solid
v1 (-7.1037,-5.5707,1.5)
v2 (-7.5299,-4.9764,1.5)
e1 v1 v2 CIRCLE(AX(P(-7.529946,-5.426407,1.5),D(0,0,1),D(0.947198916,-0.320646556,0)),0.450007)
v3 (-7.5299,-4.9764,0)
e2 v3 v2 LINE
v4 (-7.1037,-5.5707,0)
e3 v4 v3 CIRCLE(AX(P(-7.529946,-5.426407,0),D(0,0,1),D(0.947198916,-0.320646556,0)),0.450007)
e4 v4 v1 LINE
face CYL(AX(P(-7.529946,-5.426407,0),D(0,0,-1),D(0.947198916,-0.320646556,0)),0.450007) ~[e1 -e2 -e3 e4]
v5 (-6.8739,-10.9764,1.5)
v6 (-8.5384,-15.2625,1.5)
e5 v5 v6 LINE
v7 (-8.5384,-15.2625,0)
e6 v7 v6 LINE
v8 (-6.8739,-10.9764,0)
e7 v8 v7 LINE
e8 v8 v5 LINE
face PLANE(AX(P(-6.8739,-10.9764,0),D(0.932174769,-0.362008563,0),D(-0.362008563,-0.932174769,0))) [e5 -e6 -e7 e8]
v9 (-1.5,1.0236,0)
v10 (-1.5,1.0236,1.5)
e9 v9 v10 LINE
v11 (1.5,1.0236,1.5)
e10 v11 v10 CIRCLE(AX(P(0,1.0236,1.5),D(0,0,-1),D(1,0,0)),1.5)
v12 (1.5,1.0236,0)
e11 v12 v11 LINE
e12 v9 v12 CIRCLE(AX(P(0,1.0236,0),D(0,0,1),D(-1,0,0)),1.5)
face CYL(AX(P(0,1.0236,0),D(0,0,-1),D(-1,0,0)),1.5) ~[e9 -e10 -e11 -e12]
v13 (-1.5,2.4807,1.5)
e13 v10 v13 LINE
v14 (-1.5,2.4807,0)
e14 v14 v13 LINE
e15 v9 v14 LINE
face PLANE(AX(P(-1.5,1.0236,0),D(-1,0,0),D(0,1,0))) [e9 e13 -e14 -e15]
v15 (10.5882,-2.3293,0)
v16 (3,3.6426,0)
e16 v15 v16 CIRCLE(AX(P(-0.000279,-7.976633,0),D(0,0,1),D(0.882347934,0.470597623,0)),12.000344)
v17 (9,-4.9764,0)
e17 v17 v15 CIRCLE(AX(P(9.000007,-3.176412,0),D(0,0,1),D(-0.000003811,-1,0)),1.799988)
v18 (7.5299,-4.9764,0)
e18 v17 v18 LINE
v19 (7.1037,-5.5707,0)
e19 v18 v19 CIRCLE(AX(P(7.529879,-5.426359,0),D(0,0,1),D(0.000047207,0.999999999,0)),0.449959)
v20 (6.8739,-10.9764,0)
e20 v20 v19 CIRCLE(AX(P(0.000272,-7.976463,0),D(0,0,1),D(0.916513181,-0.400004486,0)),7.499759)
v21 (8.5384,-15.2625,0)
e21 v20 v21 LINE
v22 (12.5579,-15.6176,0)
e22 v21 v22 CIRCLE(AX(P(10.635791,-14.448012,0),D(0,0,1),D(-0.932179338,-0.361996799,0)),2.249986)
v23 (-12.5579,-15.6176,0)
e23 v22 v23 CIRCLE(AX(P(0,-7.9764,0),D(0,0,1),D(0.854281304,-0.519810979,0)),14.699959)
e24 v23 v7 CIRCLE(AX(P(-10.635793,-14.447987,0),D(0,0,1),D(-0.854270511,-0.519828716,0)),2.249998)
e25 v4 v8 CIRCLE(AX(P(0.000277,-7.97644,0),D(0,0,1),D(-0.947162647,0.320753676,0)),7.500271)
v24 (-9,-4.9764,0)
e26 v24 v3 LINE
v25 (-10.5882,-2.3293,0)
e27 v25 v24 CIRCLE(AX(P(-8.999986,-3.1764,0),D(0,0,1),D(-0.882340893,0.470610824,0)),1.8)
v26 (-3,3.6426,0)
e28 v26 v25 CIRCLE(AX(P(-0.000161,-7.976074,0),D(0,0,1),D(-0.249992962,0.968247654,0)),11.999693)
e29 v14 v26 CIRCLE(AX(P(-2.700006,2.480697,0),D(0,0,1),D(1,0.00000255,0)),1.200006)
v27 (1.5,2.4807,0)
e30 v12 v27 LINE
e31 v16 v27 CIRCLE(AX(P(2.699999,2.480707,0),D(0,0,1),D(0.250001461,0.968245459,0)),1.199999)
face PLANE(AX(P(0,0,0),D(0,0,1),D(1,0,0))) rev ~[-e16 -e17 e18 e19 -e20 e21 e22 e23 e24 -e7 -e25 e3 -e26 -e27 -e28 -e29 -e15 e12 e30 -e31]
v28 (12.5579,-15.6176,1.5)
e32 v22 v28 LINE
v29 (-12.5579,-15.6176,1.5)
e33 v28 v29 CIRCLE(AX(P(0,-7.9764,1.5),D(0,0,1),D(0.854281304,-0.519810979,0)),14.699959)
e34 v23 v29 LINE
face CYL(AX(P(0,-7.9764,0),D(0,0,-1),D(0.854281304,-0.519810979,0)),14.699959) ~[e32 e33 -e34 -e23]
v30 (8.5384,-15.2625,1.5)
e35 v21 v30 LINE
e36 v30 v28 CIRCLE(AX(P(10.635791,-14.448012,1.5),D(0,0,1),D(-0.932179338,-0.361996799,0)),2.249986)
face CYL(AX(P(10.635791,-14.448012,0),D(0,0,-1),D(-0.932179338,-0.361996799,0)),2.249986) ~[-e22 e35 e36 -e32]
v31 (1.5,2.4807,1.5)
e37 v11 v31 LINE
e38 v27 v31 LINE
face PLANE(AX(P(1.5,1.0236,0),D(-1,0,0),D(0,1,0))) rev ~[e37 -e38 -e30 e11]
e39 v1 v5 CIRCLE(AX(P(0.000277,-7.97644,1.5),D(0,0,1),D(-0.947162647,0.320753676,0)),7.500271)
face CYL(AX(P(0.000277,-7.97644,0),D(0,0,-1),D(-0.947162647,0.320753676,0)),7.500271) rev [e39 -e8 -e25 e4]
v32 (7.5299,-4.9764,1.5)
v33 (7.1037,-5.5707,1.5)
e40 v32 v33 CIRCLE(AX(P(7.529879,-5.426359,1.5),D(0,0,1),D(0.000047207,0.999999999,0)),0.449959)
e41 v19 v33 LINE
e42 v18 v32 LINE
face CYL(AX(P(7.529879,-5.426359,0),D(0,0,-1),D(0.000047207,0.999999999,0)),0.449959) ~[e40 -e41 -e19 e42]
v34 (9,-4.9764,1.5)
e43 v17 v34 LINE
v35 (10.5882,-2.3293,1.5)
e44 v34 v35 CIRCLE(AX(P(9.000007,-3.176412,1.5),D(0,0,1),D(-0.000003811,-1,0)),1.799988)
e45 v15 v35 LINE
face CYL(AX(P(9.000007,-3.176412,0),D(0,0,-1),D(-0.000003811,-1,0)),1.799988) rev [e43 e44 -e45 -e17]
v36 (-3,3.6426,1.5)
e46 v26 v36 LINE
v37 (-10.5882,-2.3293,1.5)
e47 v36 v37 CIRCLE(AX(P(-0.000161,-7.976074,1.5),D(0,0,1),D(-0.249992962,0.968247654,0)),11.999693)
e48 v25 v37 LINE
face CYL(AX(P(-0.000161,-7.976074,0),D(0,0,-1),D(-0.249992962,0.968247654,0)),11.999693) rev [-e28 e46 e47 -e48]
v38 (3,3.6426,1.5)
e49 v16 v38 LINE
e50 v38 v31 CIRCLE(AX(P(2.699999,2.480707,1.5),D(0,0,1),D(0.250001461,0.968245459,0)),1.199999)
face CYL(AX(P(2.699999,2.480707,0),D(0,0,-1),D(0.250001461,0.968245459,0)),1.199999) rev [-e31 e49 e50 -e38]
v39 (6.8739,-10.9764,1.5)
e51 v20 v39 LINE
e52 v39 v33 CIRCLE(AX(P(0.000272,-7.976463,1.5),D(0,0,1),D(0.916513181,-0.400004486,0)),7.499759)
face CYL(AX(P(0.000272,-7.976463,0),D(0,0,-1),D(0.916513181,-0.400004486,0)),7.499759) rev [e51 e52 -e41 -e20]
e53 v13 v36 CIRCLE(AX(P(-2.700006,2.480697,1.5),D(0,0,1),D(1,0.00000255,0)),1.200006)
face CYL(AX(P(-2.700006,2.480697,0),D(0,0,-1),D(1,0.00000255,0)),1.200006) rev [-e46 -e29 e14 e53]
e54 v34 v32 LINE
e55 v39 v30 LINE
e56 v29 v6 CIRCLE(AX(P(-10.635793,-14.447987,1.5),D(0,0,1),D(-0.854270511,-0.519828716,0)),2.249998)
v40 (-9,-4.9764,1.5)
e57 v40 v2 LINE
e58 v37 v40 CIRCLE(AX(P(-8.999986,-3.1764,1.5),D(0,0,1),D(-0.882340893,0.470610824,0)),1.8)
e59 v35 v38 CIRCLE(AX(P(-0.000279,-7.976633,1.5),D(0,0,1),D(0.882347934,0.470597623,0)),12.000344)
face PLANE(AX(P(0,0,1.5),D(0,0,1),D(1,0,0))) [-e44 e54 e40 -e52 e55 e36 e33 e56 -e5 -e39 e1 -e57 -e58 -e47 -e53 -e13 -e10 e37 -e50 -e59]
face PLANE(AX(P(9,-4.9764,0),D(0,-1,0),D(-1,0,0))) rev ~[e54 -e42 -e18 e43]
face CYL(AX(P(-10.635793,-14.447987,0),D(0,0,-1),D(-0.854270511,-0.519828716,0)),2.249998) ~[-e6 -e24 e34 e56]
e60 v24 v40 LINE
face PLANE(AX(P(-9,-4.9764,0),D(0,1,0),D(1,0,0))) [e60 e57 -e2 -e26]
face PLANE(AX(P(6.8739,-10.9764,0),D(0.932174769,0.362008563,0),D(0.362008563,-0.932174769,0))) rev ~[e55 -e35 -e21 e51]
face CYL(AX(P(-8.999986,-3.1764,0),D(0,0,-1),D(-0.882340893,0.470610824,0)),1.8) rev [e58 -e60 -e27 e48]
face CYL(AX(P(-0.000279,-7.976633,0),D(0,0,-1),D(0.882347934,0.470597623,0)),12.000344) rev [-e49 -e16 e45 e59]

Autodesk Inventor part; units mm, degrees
ref_plane "YZ Plane" through (0, 0, 0) normal (1, 0, 0) x (0, 1, 0)
ref_plane "XZ Plane" through (0, 0, 0) normal (0, 1, 0) x (-1, 0, 0)
sketch "Sketch1" plane through (0, 0, 0) normal (0, 0, 1) x (1, 0, 0)
  circle A0 centre (0, -7.9764) radius 8 construction
  line L0 (-1.5, 0.0236) -> (0, 0.0236) construction
  line L1 (-3.206, 0) -> (3.4858, 0) projected
  line L2 (-6.8739, -10.9764) -> (6.8739, -10.9764) construction
  arc A1 (-7.1037, -5.5707) -> (-6.8739, -10.9764) centre (0, -7.9764) ccw
  line L3 (0, 1.949) -> (0, -3.4788) projected
  arc A2 (-1.5, 1.0236) -> (1.5, 1.0236) centre (0, 1.0236) ccw
  arc A3 (12.5579, -15.6176) -> (-12.5579, -15.6176) centre (0, -7.9764) ccw
  line L4 (-9, -4.9764) -> (-7.5299, -4.9764)
  line L5 (-1.5, 1.0236) -> (-1.5, 2.4807)
  arc A4 (-3, 3.6426) -> (-10.5882, -2.3293) centre (0, -7.9764) ccw
  arc A5 (-1.5, 2.4807) -> (-3, 3.6426) centre (-2.7, 2.4807) ccw
  arc A6 (-10.5882, -2.3293) -> (-9, -4.9764) centre (-9, -3.1764) ccw
  arc A7 (-7.1037, -5.5707) -> (-7.5299, -4.9764) centre (-7.5299, -5.4264) ccw
  line L6 (0, 6.7236) -> (2.5298, 6.7236) construction
  line L7 (-6.8739, -10.9764) -> (-8.5384, -15.2625)
  arc A8 (-12.5579, -15.6176) -> (-8.5384, -15.2625) centre (-10.6358, -14.448) ccw
  line L8 (0, -0.4764) -> (-1.2778, -0.4764) construction
  line L9 (6.8739, -10.9764) -> (8.5384, -15.2625)
  arc A9 (8.5384, -15.2625) -> (12.5579, -15.6176) centre (10.6358, -14.448) ccw
  arc A10 (6.8739, -10.9764) -> (7.1037, -5.5707) centre (0, -7.9764) ccw
  line L10 (9, -4.9764) -> (7.5299, -4.9764)
  line L11 (1.5, 1.0236) -> (1.5, 2.4807)
  arc A11 (10.5882, -2.3293) -> (3, 3.6426) centre (0, -7.9764) ccw
  arc A12 (3, 3.6426) -> (1.5, 2.4807) centre (2.7, 2.4807) ccw
  arc A13 (9, -4.9764) -> (10.5882, -2.3293) centre (9, -3.1764) ccw
  arc A14 (7.5299, -4.9764) -> (7.1037, -5.5707) centre (7.5299, -5.4264) ccw
  point P0 (1.5, 0.0236)
  dimension "d0" = 16
  dimension "d3" = 3
  dimension "d4" = 1.5
  dimension "d5" = 29.4
  dimension "d8" = 12
  dimension "d9" = 3
  dimension "d10" = 1.2
  dimension "d11" = 1.8
  dimension "d12" = 0.45
  dimension "d13" = 2.25
  dimension "d14" = 7.5
  dimension "d15" = 7.5
extrude "Body" add sketch "Sketch1" along normal blind 1.5
ref_plane "Work Plane1" through (0, -7.9764, 0) normal (-1, 0, 0) x (0, 0, 1)
equation "\"d0\" = WD"
equation "\"d3\" = 0.2 * ND"
equation "\"d4\" = 0.1 * ND"
equation "\"d5\" = SD2"
equation "\"d8\" = 0.8 * ND"
equation "\"d9\" = 0.2 * ND"
equation "\"d10\" = 0.08 * ND"
equation "\"d11\" = 0.12 * ND"
equation "\"d12\" = 0.03 * ND"
equation "\"d13\" = 0.15 * ND"
equation "\"d14\" = 0.5 * ND"
equation "\"d15\" = 0.5 * ND"
equation "\"d16\" = SD"
equation "\"ND\" = 15"
equation "\"SD\" = 1.5"
equation "\"WD\" = 16"
equation "\"d1\" = 1.6 * ND"
equation "\"d2\" = ND"
equation "\"SD2\" = 29.4"
equation "\"d6\" = ND"
equation "\"d7\" = 0.15 * ND"
equation "\"WDMIN\" = 13"
equation "\"SNB\" = 1.55"
equation "\"WDMAX\" = 18"
equation "\"BUBRMI\" = 2.5"
properties part number "DIN 6799 - 15" material "Steel, Mild"
